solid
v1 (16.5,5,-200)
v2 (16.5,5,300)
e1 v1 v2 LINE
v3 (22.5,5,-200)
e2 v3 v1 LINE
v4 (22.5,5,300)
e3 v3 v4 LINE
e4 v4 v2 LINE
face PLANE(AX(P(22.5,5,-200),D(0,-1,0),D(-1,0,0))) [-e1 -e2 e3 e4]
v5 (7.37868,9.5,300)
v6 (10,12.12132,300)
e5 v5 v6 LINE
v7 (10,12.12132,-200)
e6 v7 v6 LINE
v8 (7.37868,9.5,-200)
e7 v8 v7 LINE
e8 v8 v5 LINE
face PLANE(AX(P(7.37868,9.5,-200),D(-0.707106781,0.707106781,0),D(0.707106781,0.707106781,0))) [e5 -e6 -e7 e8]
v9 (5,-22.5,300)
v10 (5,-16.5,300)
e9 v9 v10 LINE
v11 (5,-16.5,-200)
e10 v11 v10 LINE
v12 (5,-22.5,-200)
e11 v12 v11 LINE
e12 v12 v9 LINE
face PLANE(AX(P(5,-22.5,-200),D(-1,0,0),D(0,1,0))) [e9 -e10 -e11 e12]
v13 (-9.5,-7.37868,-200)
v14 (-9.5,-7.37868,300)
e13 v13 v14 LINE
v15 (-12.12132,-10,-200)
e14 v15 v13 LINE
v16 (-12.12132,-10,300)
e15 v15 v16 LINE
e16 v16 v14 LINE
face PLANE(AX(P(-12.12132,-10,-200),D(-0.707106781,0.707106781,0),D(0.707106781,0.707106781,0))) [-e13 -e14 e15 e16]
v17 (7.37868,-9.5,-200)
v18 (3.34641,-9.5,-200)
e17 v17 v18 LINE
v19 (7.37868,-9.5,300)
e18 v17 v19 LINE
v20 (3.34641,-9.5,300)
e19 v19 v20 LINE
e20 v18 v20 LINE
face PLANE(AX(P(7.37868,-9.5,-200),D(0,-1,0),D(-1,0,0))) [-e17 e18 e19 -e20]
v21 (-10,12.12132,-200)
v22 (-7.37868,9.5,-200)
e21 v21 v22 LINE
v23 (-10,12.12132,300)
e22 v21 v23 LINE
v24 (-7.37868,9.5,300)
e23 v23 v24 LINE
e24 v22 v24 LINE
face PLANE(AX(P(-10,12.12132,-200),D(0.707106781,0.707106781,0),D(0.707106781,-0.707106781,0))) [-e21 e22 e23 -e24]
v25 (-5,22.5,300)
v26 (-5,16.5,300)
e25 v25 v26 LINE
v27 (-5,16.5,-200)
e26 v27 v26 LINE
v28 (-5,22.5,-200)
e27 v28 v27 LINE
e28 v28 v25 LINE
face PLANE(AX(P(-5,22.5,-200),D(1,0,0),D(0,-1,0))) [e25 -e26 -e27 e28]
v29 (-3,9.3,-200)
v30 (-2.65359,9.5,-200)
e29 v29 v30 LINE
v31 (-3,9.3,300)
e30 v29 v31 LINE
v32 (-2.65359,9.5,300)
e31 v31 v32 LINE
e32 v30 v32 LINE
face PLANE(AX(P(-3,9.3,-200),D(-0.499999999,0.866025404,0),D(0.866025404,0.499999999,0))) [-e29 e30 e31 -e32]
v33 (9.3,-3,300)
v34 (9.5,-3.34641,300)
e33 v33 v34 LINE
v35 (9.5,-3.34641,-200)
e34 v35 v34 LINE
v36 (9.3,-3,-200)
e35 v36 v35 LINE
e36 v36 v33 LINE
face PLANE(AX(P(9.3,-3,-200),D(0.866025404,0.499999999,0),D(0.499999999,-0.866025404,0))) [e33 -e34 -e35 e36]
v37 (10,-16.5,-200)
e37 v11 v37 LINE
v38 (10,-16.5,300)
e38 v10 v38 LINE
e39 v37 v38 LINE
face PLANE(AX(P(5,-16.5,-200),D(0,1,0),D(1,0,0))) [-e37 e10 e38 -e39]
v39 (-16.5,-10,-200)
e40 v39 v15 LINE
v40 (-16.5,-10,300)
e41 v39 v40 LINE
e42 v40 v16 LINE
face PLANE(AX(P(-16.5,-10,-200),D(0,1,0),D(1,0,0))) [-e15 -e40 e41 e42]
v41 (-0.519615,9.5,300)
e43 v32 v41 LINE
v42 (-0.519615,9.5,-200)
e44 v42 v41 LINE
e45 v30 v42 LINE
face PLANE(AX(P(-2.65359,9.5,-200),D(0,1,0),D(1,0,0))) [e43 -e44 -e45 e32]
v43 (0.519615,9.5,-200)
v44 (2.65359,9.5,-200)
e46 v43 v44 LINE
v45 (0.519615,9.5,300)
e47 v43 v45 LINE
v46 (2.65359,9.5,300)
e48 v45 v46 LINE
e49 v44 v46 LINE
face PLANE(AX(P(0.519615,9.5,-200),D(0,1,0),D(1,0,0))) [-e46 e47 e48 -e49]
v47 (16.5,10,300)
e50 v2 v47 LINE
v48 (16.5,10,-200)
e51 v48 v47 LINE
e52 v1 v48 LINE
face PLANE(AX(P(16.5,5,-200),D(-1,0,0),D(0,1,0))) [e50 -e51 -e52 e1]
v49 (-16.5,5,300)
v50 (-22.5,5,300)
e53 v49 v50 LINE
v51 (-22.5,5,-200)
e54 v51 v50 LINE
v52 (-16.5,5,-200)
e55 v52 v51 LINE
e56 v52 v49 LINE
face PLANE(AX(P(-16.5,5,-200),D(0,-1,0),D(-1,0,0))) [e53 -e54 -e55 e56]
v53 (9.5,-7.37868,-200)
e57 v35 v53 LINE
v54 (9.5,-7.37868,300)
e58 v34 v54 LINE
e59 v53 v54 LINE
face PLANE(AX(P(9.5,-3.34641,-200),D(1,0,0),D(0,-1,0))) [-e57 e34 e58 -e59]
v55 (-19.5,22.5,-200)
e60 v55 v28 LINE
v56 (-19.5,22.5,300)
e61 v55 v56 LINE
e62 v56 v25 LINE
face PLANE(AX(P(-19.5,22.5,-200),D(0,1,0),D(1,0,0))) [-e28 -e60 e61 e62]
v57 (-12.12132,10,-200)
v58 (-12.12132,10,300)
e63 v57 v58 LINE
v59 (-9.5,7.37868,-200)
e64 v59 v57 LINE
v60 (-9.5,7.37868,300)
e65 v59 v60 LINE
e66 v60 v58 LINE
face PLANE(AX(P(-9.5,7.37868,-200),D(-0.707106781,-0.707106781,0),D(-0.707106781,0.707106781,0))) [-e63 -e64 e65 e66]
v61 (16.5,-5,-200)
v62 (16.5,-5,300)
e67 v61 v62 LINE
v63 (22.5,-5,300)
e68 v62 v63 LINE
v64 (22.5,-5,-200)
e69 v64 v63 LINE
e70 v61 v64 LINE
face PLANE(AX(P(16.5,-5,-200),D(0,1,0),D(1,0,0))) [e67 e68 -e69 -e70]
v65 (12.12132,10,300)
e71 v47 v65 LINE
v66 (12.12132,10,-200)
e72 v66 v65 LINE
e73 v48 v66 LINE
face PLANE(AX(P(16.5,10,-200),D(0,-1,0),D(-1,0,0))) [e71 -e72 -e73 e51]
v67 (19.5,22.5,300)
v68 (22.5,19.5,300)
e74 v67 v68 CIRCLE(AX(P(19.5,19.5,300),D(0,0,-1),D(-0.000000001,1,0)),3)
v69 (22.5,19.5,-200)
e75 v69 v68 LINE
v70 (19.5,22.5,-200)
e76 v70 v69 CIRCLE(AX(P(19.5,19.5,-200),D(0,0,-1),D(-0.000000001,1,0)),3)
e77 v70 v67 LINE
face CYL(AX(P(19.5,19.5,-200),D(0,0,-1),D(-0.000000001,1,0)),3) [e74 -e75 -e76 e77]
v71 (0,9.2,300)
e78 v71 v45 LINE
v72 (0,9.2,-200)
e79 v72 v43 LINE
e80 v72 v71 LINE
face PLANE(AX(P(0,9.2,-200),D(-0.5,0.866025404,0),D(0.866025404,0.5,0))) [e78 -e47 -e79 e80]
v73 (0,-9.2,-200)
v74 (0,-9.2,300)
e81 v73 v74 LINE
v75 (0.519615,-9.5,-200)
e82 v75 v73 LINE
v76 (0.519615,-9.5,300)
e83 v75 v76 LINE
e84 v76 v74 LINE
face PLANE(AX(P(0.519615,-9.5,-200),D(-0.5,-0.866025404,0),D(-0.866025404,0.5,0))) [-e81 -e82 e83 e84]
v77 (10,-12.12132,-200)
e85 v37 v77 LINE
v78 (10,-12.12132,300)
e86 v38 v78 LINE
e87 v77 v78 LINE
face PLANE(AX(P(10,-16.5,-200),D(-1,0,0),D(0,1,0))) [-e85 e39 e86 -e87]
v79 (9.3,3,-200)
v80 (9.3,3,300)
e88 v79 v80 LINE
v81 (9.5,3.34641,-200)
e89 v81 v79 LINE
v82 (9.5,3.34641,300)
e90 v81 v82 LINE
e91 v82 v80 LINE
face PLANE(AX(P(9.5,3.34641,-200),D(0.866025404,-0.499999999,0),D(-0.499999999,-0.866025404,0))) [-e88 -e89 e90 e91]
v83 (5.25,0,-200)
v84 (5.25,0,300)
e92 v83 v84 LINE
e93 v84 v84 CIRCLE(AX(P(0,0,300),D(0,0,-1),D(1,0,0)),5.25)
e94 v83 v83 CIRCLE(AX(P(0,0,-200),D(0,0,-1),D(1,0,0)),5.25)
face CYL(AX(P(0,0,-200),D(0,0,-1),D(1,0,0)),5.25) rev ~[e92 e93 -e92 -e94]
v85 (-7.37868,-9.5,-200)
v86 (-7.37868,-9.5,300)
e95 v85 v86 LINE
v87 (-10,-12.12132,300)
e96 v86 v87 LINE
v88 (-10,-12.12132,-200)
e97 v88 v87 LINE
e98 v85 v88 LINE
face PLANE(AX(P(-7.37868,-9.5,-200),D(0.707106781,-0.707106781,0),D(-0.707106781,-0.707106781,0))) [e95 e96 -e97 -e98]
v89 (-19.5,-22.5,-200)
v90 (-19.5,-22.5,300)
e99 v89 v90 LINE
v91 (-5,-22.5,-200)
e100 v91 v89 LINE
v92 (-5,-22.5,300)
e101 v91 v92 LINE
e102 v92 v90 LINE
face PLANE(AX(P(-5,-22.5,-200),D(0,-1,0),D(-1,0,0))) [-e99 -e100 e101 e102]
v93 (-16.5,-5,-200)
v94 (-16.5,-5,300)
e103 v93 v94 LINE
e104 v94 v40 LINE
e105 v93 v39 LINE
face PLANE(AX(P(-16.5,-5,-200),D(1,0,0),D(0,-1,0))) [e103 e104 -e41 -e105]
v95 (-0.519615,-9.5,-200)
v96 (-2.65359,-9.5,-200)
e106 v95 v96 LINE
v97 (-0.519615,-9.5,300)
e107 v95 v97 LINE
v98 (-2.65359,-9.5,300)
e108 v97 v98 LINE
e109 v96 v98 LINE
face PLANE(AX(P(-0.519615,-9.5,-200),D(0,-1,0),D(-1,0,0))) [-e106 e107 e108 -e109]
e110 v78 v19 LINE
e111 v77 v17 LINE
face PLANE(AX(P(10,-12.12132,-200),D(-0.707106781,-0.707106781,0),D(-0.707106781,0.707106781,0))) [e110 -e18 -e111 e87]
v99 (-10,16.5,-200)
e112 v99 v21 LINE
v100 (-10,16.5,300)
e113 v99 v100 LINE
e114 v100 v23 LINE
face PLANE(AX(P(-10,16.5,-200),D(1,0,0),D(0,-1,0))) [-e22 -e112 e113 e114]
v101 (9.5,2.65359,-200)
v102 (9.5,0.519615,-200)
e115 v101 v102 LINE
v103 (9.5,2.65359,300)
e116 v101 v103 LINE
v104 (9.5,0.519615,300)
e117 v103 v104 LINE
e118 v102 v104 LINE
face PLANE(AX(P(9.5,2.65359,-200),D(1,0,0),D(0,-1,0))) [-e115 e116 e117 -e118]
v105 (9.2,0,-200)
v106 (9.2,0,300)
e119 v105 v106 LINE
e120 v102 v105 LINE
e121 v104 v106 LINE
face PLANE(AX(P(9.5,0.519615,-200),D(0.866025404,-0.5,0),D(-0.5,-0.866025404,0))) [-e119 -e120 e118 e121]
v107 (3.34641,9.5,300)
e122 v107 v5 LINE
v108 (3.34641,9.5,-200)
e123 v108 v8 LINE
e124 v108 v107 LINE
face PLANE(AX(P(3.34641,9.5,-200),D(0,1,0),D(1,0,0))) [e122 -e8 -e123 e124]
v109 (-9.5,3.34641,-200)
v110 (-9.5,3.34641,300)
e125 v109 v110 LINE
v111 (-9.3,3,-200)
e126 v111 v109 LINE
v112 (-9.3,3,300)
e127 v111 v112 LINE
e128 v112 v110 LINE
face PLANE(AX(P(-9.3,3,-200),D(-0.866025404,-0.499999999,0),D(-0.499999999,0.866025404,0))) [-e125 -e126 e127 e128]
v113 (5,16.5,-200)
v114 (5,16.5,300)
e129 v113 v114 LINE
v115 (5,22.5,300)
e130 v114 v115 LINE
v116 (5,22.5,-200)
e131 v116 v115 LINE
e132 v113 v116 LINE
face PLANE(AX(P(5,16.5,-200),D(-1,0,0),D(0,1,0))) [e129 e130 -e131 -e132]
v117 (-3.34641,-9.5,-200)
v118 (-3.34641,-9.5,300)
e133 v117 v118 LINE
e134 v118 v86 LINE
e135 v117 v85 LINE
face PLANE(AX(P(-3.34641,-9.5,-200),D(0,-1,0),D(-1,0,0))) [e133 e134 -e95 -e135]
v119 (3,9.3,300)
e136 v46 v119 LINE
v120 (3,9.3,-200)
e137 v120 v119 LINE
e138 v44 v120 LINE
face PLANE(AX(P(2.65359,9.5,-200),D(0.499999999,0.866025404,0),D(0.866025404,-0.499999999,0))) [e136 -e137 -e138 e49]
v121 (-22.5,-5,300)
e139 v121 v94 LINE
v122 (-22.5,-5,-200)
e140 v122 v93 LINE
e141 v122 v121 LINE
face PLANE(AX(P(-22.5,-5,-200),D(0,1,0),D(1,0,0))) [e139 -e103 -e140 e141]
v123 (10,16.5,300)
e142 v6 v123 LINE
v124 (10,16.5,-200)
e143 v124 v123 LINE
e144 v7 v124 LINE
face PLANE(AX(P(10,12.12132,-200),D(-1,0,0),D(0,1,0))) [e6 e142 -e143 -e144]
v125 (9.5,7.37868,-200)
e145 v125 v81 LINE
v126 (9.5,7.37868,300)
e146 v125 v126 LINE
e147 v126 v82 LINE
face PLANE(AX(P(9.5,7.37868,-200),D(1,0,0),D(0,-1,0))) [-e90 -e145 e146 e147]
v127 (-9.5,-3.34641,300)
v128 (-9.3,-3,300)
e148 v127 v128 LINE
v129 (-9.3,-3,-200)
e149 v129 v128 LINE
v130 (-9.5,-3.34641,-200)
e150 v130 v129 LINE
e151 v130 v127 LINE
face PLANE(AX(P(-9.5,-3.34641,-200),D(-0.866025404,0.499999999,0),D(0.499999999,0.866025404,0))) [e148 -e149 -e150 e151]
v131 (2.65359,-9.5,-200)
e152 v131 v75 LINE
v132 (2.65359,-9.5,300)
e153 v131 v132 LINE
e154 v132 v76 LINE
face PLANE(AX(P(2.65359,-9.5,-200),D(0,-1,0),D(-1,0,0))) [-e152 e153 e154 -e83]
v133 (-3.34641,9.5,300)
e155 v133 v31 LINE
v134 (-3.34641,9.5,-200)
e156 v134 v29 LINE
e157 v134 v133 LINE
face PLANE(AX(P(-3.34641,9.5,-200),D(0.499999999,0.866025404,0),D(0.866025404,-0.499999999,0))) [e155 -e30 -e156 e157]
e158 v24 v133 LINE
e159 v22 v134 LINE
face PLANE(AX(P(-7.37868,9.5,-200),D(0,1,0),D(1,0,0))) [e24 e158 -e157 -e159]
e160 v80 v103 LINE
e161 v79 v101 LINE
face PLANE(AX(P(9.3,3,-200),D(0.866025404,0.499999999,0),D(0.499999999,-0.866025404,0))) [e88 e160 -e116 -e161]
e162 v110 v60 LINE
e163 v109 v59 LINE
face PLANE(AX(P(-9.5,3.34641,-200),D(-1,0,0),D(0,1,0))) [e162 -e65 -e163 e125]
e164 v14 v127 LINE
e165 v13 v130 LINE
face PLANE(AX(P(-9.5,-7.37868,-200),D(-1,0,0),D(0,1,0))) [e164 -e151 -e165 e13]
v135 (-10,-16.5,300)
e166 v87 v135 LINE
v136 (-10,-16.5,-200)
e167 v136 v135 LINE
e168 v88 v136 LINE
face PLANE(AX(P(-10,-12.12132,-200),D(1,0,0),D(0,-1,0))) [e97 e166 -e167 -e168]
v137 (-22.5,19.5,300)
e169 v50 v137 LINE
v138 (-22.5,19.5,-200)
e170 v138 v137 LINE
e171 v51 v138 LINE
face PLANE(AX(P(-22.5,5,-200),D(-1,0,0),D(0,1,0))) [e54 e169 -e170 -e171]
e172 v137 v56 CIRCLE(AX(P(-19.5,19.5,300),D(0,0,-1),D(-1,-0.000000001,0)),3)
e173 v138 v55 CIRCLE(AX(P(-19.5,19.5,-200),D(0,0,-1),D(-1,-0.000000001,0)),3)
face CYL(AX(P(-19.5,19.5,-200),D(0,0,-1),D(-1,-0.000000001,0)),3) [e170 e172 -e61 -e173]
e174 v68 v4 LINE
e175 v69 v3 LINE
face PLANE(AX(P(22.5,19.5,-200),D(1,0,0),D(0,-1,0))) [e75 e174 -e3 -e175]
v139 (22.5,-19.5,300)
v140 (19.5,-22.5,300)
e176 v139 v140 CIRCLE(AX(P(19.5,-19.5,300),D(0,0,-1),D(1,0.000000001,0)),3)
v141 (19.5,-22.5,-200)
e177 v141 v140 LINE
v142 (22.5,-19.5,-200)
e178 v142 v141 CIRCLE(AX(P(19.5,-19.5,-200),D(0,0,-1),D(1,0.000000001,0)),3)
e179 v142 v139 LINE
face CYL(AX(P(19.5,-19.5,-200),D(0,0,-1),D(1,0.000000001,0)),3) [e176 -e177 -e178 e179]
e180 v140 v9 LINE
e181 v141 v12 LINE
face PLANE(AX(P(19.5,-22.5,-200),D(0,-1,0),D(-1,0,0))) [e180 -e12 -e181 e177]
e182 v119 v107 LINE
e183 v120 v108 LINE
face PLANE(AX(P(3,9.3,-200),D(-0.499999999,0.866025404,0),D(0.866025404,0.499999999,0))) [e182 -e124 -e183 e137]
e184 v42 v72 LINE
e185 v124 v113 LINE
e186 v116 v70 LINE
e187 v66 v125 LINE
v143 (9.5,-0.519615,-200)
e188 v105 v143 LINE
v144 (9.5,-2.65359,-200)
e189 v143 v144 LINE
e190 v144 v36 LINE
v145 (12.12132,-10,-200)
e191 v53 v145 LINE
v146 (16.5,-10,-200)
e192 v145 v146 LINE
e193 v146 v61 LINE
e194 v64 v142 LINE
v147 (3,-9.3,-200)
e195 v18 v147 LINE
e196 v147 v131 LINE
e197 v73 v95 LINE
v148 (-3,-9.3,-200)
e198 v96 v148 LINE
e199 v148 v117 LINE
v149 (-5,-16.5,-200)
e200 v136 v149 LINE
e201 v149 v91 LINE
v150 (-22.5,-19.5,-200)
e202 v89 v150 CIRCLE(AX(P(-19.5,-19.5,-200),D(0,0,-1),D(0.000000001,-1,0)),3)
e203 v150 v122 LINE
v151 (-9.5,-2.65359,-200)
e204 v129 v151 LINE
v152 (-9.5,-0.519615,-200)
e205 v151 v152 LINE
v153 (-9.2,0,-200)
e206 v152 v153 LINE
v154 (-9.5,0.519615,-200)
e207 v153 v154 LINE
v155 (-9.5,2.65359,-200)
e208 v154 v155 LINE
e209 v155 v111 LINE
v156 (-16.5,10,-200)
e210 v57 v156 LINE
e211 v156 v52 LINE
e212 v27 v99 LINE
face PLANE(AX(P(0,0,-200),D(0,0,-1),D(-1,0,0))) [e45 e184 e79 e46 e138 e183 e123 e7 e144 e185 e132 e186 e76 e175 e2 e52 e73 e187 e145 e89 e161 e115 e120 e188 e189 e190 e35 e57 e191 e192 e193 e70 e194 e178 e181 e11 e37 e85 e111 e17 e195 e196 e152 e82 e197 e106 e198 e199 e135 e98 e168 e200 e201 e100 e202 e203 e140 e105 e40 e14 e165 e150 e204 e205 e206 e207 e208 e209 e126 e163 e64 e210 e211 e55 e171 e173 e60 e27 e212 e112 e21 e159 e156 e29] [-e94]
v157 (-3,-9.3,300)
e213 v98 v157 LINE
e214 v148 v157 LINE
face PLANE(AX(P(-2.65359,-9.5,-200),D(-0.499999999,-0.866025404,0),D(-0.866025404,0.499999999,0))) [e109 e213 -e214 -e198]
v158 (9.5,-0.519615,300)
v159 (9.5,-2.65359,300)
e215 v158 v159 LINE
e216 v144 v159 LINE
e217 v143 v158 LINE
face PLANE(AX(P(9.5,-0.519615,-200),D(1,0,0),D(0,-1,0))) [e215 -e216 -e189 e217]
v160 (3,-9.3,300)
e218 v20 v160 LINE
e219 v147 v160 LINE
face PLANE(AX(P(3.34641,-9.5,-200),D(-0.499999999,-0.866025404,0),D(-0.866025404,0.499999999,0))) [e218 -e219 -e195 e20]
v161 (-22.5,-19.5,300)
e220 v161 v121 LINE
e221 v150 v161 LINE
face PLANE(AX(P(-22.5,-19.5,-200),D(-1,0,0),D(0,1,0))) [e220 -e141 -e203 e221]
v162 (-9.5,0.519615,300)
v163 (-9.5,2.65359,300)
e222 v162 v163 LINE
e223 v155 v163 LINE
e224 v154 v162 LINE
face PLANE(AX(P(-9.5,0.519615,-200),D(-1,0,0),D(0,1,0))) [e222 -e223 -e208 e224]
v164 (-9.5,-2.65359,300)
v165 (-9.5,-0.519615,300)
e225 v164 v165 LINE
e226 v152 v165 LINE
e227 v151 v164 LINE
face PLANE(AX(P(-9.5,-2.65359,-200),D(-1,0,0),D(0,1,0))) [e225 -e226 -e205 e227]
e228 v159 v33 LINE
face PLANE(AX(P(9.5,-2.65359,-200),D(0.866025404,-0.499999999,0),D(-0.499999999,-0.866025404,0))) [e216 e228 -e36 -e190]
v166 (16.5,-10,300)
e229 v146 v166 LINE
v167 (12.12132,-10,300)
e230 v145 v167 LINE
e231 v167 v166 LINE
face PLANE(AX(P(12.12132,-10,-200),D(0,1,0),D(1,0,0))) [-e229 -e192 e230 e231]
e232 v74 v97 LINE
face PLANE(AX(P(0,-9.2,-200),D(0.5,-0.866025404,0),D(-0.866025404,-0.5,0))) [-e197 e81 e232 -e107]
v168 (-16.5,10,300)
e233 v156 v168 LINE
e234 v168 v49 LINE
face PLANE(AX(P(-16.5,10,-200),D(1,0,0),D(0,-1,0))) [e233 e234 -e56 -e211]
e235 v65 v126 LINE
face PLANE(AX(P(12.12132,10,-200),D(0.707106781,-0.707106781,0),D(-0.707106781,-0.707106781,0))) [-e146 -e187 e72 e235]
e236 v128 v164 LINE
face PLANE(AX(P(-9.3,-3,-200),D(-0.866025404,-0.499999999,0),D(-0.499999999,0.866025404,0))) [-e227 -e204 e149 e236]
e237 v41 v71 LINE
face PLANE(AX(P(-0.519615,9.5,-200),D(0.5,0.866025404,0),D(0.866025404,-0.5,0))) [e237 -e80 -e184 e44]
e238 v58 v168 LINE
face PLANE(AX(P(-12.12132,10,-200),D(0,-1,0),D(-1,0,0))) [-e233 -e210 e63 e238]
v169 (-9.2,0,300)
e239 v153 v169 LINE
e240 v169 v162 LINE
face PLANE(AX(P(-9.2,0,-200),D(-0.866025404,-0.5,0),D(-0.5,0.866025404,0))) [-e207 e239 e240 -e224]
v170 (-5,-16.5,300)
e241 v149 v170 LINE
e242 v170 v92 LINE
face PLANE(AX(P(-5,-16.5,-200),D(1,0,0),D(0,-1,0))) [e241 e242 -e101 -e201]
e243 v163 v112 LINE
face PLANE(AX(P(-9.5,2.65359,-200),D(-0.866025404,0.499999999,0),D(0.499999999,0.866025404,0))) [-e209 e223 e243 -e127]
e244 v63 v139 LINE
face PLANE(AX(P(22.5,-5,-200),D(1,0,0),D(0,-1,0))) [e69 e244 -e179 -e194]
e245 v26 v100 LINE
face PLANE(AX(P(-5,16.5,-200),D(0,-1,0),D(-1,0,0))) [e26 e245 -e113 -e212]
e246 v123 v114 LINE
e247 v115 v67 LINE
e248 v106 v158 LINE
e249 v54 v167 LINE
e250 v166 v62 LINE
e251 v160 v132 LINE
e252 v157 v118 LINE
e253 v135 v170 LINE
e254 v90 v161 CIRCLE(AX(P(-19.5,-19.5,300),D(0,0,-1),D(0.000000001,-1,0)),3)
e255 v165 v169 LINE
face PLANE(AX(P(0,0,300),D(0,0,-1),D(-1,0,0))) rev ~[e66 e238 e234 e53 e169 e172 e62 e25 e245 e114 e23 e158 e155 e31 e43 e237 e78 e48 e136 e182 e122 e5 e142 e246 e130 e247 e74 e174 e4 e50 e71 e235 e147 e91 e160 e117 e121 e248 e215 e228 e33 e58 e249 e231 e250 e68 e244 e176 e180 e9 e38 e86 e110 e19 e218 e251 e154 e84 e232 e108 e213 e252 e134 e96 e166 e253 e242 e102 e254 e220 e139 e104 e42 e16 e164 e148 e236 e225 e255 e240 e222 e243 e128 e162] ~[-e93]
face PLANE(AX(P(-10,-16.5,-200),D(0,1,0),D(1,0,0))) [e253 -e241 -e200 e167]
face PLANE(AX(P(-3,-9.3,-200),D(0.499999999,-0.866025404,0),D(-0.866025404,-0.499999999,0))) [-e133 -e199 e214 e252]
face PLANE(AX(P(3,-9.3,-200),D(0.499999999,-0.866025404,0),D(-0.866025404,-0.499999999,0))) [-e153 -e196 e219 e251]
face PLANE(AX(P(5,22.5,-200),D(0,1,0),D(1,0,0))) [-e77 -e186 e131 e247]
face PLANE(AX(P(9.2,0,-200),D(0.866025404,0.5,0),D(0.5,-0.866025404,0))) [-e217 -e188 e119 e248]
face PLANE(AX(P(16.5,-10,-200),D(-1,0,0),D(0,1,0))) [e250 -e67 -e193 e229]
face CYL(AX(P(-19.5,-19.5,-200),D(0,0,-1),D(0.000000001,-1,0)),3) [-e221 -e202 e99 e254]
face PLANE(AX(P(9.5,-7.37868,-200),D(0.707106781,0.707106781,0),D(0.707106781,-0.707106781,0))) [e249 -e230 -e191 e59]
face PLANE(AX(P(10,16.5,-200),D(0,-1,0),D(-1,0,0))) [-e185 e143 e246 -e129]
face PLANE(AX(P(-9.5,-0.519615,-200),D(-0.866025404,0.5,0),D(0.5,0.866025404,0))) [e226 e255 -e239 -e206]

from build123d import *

# Parameters (mm, degrees)
SKETCH1_R           = 5.25
BOSS_EXTRUDE1_DEPTH = 500


with BuildPart() as part:
    # Sketch1 → Boss-Extrude1 (new body)
    with BuildSketch(Plane(origin=(0, 0, -200), x_dir=(-1, 0, 0), z_dir=(0, 0, -1))):
        with BuildLine():
            Line((19.5, 22.5), (5, 22.5))
            Line((5, 22.5), (5, 16.5))
            Line((5, 16.5), (10, 16.5))
            Line((10, 16.5), (10, 12.121320344))
            Line((10, 12.121320344), (7.378679656, 9.5))
            Line((7.378679656, 9.5), (3.346410162, 9.5))
            Line((3.346410162, 9.5), (3, 9.3))
            Line((3, 9.3), (2.653589838, 9.5))
            Line((2.653589838, 9.5), (0.519615242, 9.5))
            Line((0.519615242, 9.5), (0, 9.2))
            Line((0, 9.2), (-0.519615242, 9.5))
            Line((-0.519615242, 9.5), (-2.653589838, 9.5))
            Line((-2.653589838, 9.5), (-3, 9.3))
            Line((-3, 9.3), (-3.346410162, 9.5))
            Line((-3.346410162, 9.5), (-7.378679656, 9.5))
            Line((-7.378679656, 9.5), (-10, 12.121320344))
            Line((-10, 12.121320344), (-10, 16.5))
            Line((-10, 16.5), (-5, 16.5))
            Line((-5, 16.5), (-5, 22.5))
            Line((-5, 22.5), (-19.5, 22.5))
            ThreePointArc((-19.5, 22.5), (-21.621320344, 21.621320344), (-22.5, 19.5))
            Line((-22.5, 19.5), (-22.5, 5))
            Line((-22.5, 5), (-16.5, 5))
            Line((-16.5, 5), (-16.5, 10))
            Line((-16.5, 10), (-12.121320344, 10))
            Line((-12.121320344, 10), (-9.5, 7.378679656))
            Line((-9.5, 7.378679656), (-9.5, 3.346410162))
            Line((-9.5, 3.346410162), (-9.3, 3))
            Line((-9.3, 3), (-9.5, 2.653589838))
            Line((-9.5, 2.653589838), (-9.5, 0.519615242))
            Line((-9.5, 0.519615242), (-9.2, 0))
            Line((-9.2, 0), (-9.5, -0.519615242))
            Line((-9.5, -0.519615242), (-9.5, -2.653589838))
            Line((-9.5, -2.653589838), (-9.3, -3))
            Line((-9.3, -3), (-9.5, -3.346410162))
            Line((-9.5, -3.346410162), (-9.5, -7.378679656))
            Line((-9.5, -7.378679656), (-12.121320344, -10))
            Line((-12.121320344, -10), (-16.5, -10))
            Line((-16.5, -10), (-16.5, -5))
            Line((-16.5, -5), (-22.5, -5))
            Line((-22.5, -5), (-22.5, -19.5))
            ThreePointArc((-22.5, -19.5), (-21.621320344, -21.621320344), (-19.5, -22.5))
            Line((-19.5, -22.5), (-5, -22.5))
            Line((-5, -22.5), (-5, -16.5))
            Line((-5, -16.5), (-10, -16.5))
            Line((-10, -16.5), (-10, -12.121320344))
            Line((-10, -12.121320344), (-7.378679656, -9.5))
            Line((-7.378679656, -9.5), (-3.346410162, -9.5))
            Line((-3.346410162, -9.5), (-3, -9.3))
            Line((-3, -9.3), (-2.653589838, -9.5))
            Line((-2.653589838, -9.5), (-0.519615242, -9.5))
            Line((-0.519615242, -9.5), (0, -9.2))
            Line((0, -9.2), (0.519615242, -9.5))
            Line((0.519615242, -9.5), (2.653589838, -9.5))
            Line((2.653589838, -9.5), (3, -9.3))
            Line((3, -9.3), (3.346410162, -9.5))
            Line((3.346410162, -9.5), (7.378679656, -9.5))
            Line((7.378679656, -9.5), (10, -12.121320344))
            Line((10, -12.121320344), (10, -16.5))
            Line((10, -16.5), (5, -16.5))
            Line((5, -16.5), (5, -22.5))
            Line((5, -22.5), (19.5, -22.5))
            ThreePointArc((19.5, -22.5), (21.621320344, -21.621320344), (22.5, -19.5))
            Line((22.5, -19.5), (22.5, -5))
            Line((22.5, -5), (16.5, -5))
            Line((16.5, -5), (16.5, -10))
            Line((16.5, -10), (12.121320344, -10))
            Line((12.121320344, -10), (9.5, -7.378679656))
            Line((9.5, -7.378679656), (9.5, -3.346410162))
            Line((9.5, -3.346410162), (9.3, -3))
            Line((9.3, -3), (9.5, -2.653589838))
            Line((9.5, -2.653589838), (9.5, -0.519615242))
            Line((9.5, -0.519615242), (9.2, 0))
            Line((9.2, 0), (9.5, 0.519615242))
            Line((9.5, 0.519615242), (9.5, 2.653589838))
            Line((9.5, 2.653589838), (9.3, 3))
            Line((9.3, 3), (9.5, 3.346410162))
            Line((9.5, 3.346410162), (9.5, 7.378679656))
            Line((9.5, 7.378679656), (12.121320344, 10))
            Line((12.121320344, 10), (16.5, 10))
            Line((16.5, 10), (16.5, 5))
            Line((16.5, 5), (22.5, 5))
            Line((22.5, 5), (22.5, 19.5))
            ThreePointArc((22.5, 19.5), (21.621320344, 21.621320344), (19.5, 22.5))
        make_face()
        with Locations(Location((0, 0, 0), (0, 0, 180))):
            Circle(SKETCH1_R, mode=Mode.SUBTRACT)
    extrude(amount=-BOSS_EXTRUDE1_DEPTH)


solid = part.part
